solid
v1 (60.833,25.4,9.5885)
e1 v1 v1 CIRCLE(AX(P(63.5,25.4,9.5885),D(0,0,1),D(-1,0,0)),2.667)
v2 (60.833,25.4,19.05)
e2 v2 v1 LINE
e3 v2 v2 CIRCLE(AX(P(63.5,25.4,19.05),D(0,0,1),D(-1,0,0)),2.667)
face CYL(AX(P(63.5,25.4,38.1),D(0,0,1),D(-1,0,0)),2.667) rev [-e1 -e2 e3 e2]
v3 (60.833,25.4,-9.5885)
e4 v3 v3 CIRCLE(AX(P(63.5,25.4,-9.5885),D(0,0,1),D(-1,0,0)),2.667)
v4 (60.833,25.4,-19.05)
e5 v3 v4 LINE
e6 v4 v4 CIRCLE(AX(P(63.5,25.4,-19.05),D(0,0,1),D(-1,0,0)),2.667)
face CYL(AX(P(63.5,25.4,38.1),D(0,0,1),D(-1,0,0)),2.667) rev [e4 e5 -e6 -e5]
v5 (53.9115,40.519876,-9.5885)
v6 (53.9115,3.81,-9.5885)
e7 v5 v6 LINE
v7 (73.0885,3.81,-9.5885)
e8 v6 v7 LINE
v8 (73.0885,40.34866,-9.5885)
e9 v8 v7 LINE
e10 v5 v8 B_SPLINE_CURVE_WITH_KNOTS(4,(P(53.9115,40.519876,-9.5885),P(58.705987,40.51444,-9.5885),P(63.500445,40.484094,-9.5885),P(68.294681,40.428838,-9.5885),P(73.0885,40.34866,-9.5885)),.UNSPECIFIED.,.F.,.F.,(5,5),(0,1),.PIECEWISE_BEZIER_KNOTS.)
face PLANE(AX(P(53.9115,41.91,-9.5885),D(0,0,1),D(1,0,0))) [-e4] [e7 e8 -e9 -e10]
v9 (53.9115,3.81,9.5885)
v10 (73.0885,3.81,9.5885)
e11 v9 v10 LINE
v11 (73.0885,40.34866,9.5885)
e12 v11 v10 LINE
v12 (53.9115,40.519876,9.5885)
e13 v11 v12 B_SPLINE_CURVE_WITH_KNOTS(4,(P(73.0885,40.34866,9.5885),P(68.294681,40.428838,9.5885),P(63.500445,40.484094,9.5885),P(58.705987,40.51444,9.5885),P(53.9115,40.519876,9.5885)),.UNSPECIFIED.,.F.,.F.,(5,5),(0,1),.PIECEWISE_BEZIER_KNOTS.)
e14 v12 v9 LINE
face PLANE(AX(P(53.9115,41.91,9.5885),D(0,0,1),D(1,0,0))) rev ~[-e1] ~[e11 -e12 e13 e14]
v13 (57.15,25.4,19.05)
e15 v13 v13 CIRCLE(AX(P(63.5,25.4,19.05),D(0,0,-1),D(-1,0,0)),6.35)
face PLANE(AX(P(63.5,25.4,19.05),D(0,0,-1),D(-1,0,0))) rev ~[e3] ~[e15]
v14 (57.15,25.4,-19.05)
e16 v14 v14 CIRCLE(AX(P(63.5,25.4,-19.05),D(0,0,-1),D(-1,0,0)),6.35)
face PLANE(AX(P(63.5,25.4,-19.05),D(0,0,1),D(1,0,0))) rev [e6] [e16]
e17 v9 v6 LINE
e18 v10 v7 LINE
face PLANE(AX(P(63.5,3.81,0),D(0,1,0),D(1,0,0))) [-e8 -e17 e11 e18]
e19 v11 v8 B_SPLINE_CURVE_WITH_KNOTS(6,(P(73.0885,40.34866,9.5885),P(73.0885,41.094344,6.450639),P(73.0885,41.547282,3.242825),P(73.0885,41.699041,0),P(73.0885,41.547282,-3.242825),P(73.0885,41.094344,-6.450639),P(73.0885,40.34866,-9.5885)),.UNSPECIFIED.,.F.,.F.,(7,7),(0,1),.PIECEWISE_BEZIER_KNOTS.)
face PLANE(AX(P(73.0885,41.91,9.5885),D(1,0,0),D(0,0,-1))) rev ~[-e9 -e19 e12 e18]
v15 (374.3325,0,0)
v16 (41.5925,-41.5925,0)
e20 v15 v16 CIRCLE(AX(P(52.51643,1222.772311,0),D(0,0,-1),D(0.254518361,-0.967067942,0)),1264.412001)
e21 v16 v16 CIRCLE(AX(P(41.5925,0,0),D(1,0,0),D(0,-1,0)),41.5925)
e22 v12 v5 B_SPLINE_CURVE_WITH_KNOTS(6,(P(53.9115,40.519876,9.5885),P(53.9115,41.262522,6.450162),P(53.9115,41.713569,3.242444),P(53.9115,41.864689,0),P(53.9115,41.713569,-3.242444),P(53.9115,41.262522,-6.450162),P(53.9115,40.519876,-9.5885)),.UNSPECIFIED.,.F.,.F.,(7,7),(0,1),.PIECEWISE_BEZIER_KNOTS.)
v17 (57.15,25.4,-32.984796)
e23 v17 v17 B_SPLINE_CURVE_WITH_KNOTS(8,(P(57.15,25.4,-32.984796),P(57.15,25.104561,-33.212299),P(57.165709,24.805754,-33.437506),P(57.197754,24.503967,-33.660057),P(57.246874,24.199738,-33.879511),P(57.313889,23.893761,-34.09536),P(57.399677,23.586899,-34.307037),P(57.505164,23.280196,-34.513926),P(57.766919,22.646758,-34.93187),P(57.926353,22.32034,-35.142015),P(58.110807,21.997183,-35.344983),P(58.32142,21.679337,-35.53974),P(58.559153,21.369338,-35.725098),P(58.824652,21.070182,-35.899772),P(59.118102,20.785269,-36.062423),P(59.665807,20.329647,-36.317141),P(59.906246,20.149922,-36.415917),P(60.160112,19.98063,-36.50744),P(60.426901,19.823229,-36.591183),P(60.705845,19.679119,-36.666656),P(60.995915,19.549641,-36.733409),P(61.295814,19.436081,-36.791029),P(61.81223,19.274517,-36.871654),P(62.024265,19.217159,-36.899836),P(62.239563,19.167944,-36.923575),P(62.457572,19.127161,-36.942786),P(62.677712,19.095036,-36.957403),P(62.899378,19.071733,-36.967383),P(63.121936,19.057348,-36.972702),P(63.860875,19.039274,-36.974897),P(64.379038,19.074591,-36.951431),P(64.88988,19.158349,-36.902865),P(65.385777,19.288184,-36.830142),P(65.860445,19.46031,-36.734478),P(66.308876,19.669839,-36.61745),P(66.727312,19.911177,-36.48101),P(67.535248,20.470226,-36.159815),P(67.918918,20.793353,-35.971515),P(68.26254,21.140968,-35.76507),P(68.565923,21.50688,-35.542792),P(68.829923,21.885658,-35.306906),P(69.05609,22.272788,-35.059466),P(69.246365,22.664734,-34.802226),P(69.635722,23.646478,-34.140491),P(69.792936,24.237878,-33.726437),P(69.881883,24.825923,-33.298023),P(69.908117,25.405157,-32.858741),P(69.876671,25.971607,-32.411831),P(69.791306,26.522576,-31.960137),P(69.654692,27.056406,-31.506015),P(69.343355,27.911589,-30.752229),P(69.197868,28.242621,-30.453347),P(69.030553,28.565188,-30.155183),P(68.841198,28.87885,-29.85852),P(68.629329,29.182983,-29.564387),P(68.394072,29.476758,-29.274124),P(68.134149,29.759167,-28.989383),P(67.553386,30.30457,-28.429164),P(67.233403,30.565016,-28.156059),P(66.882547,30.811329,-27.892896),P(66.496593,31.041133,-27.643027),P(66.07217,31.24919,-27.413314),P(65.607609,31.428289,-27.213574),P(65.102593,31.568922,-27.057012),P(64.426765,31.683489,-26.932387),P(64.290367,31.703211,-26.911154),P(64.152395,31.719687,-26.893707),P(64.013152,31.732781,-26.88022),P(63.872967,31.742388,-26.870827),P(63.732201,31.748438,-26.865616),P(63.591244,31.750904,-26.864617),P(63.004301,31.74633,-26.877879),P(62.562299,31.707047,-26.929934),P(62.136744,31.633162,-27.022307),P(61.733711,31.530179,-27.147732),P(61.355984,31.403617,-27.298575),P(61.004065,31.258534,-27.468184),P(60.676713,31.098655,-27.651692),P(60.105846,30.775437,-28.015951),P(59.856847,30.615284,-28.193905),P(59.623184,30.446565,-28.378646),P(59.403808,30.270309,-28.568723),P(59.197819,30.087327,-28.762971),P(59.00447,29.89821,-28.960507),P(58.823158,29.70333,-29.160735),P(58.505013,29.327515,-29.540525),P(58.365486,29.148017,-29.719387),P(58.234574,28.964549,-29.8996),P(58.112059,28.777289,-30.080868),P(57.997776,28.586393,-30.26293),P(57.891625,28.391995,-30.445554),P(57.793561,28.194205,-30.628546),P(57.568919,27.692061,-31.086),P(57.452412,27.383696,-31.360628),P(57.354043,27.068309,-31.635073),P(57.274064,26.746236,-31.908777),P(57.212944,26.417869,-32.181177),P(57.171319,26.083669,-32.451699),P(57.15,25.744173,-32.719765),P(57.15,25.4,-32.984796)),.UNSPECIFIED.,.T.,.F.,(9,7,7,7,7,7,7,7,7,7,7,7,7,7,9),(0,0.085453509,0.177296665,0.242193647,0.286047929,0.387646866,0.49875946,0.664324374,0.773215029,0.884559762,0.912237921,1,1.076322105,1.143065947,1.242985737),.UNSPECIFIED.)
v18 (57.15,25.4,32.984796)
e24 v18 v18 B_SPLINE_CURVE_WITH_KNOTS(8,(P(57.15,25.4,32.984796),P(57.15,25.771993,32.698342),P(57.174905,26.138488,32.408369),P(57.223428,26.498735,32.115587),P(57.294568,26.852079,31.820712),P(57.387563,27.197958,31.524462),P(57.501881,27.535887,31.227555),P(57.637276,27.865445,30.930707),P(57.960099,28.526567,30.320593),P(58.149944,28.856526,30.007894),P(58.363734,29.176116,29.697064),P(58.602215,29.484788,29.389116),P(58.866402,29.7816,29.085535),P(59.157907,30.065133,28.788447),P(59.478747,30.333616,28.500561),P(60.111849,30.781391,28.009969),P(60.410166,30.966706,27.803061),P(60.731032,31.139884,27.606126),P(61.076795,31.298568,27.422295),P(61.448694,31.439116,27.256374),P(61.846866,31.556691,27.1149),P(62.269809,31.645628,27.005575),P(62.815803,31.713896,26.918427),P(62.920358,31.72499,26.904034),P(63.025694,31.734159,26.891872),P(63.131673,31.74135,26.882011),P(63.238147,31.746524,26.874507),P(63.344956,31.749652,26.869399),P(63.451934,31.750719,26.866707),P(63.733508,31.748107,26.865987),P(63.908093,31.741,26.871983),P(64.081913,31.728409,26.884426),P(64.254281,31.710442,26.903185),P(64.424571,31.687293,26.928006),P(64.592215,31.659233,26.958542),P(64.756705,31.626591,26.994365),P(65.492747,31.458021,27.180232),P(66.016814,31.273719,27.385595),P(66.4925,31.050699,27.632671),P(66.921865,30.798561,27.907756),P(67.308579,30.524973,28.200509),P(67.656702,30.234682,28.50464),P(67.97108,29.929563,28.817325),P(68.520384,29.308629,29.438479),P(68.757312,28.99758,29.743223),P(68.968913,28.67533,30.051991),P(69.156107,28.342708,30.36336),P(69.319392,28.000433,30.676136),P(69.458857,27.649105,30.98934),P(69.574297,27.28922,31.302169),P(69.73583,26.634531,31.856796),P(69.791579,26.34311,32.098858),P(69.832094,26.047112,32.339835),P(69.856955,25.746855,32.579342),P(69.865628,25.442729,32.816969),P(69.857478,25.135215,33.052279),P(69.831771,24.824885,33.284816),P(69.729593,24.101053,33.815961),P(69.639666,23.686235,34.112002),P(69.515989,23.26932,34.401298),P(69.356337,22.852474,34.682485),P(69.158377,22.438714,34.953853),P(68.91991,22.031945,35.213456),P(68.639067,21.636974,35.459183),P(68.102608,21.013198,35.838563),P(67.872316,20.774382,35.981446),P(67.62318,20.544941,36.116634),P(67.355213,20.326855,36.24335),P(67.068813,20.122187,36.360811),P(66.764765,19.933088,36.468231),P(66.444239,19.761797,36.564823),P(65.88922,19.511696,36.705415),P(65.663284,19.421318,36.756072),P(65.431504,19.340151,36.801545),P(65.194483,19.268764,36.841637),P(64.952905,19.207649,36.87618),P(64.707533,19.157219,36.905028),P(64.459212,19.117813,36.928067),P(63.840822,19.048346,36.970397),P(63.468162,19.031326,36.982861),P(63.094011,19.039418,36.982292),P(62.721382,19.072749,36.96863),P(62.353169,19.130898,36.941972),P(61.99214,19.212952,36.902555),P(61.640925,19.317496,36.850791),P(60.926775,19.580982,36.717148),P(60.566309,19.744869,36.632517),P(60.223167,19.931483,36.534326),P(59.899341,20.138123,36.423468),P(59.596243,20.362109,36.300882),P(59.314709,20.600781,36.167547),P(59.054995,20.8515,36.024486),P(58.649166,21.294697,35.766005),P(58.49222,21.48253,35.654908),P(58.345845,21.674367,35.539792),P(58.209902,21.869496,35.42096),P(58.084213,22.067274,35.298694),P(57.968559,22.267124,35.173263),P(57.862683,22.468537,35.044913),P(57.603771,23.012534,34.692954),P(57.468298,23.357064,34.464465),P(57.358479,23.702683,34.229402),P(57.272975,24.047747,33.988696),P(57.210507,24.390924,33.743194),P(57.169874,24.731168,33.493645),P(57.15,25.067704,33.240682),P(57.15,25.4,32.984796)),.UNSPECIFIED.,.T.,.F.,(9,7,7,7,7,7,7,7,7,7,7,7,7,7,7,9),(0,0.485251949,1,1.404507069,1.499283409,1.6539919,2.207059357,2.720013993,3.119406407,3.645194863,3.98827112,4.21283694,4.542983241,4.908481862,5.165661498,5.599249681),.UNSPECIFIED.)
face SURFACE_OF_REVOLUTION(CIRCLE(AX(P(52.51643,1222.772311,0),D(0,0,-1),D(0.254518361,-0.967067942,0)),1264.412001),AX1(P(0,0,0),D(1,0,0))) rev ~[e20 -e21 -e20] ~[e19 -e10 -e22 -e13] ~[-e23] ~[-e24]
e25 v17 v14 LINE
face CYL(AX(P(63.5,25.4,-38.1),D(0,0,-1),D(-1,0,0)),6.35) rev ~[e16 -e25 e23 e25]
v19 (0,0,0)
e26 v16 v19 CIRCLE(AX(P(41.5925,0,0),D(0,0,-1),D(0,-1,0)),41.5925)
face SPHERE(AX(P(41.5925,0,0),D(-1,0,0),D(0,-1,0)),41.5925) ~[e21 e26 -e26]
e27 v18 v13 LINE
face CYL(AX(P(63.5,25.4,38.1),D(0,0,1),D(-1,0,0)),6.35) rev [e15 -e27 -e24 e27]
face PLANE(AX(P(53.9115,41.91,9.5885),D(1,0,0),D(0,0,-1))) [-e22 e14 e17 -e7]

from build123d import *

# Parameters (mm, degrees)
SCALE1_SCALE       = 13.1
SKETCH2_W          = 19.177
SKETCH2_H          = 19.177
CUT_EXTRUDE1_DEPTH = 38.1
SKETCH8_R          = 2.667
CUT_EXTRUDE3_DEPTH = 80.739689811
SKETCH9_R          = 6.35
CUT_EXTRUDE4_DEPTH = 19.05


with BuildPart() as part:
    # Sketch1 → Revolve1 (revolve)
    with BuildSketch(Plane.XY):
        with BuildLine():
            Line((0, 0), (28.575, 0))
            ThreePointArc((28.575, 0), (15.980720366, -2.433262928), (3.175, -3.175))
            ThreePointArc((3.175, -3.175), (0.92993597, -2.24506403), (0, 0))
        make_face()
    revolve(axis=Axis((0, 0, 0), (1, 0, 0)))


with BuildPart() as part_1:
    # Scale1: scaled about (0, 0, 0)
    add(part.part.scale(SCALE1_SCALE))

    # Sketch2 → Cut-Extrude1 (cut)
    with BuildSketch(Plane(origin=(0, 41.91, 0), x_dir=(1, 0, 0), z_dir=(0, 1, 0))):
        with Locations((63.5, 0)):
            Rectangle(SKETCH2_W, SKETCH2_H)
    extrude(amount=-CUT_EXTRUDE1_DEPTH, mode=Mode.SUBTRACT)

    # Sketch8 → Cut-Extrude3 (cut, through all)
    with BuildSketch(Plane(origin=(0, 0, 38.1), x_dir=(-1, 0, 0), z_dir=(0, 0, -1))):
        with Locations((-63.5, 25.4)):
            Circle(SKETCH8_R)
    extrude(amount=CUT_EXTRUDE3_DEPTH, mode=Mode.SUBTRACT)

    # Sketch9 → Cut-Extrude4 (cut)
    with BuildSketch(Plane(origin=(0, 0, 38.1), x_dir=(-1, 0, 0), z_dir=(0, 0, -1))):
        with Locations((-63.5, 25.4)):
            Circle(SKETCH9_R)
    cut_extrude4 = extrude(amount=CUT_EXTRUDE4_DEPTH, mode=Mode.SUBTRACT)

    # Mirror1: Cut-Extrude4 across plane
    add(cut_extrude4.mirror(Plane.XY), mode=Mode.SUBTRACT)


solid = part_1.part
